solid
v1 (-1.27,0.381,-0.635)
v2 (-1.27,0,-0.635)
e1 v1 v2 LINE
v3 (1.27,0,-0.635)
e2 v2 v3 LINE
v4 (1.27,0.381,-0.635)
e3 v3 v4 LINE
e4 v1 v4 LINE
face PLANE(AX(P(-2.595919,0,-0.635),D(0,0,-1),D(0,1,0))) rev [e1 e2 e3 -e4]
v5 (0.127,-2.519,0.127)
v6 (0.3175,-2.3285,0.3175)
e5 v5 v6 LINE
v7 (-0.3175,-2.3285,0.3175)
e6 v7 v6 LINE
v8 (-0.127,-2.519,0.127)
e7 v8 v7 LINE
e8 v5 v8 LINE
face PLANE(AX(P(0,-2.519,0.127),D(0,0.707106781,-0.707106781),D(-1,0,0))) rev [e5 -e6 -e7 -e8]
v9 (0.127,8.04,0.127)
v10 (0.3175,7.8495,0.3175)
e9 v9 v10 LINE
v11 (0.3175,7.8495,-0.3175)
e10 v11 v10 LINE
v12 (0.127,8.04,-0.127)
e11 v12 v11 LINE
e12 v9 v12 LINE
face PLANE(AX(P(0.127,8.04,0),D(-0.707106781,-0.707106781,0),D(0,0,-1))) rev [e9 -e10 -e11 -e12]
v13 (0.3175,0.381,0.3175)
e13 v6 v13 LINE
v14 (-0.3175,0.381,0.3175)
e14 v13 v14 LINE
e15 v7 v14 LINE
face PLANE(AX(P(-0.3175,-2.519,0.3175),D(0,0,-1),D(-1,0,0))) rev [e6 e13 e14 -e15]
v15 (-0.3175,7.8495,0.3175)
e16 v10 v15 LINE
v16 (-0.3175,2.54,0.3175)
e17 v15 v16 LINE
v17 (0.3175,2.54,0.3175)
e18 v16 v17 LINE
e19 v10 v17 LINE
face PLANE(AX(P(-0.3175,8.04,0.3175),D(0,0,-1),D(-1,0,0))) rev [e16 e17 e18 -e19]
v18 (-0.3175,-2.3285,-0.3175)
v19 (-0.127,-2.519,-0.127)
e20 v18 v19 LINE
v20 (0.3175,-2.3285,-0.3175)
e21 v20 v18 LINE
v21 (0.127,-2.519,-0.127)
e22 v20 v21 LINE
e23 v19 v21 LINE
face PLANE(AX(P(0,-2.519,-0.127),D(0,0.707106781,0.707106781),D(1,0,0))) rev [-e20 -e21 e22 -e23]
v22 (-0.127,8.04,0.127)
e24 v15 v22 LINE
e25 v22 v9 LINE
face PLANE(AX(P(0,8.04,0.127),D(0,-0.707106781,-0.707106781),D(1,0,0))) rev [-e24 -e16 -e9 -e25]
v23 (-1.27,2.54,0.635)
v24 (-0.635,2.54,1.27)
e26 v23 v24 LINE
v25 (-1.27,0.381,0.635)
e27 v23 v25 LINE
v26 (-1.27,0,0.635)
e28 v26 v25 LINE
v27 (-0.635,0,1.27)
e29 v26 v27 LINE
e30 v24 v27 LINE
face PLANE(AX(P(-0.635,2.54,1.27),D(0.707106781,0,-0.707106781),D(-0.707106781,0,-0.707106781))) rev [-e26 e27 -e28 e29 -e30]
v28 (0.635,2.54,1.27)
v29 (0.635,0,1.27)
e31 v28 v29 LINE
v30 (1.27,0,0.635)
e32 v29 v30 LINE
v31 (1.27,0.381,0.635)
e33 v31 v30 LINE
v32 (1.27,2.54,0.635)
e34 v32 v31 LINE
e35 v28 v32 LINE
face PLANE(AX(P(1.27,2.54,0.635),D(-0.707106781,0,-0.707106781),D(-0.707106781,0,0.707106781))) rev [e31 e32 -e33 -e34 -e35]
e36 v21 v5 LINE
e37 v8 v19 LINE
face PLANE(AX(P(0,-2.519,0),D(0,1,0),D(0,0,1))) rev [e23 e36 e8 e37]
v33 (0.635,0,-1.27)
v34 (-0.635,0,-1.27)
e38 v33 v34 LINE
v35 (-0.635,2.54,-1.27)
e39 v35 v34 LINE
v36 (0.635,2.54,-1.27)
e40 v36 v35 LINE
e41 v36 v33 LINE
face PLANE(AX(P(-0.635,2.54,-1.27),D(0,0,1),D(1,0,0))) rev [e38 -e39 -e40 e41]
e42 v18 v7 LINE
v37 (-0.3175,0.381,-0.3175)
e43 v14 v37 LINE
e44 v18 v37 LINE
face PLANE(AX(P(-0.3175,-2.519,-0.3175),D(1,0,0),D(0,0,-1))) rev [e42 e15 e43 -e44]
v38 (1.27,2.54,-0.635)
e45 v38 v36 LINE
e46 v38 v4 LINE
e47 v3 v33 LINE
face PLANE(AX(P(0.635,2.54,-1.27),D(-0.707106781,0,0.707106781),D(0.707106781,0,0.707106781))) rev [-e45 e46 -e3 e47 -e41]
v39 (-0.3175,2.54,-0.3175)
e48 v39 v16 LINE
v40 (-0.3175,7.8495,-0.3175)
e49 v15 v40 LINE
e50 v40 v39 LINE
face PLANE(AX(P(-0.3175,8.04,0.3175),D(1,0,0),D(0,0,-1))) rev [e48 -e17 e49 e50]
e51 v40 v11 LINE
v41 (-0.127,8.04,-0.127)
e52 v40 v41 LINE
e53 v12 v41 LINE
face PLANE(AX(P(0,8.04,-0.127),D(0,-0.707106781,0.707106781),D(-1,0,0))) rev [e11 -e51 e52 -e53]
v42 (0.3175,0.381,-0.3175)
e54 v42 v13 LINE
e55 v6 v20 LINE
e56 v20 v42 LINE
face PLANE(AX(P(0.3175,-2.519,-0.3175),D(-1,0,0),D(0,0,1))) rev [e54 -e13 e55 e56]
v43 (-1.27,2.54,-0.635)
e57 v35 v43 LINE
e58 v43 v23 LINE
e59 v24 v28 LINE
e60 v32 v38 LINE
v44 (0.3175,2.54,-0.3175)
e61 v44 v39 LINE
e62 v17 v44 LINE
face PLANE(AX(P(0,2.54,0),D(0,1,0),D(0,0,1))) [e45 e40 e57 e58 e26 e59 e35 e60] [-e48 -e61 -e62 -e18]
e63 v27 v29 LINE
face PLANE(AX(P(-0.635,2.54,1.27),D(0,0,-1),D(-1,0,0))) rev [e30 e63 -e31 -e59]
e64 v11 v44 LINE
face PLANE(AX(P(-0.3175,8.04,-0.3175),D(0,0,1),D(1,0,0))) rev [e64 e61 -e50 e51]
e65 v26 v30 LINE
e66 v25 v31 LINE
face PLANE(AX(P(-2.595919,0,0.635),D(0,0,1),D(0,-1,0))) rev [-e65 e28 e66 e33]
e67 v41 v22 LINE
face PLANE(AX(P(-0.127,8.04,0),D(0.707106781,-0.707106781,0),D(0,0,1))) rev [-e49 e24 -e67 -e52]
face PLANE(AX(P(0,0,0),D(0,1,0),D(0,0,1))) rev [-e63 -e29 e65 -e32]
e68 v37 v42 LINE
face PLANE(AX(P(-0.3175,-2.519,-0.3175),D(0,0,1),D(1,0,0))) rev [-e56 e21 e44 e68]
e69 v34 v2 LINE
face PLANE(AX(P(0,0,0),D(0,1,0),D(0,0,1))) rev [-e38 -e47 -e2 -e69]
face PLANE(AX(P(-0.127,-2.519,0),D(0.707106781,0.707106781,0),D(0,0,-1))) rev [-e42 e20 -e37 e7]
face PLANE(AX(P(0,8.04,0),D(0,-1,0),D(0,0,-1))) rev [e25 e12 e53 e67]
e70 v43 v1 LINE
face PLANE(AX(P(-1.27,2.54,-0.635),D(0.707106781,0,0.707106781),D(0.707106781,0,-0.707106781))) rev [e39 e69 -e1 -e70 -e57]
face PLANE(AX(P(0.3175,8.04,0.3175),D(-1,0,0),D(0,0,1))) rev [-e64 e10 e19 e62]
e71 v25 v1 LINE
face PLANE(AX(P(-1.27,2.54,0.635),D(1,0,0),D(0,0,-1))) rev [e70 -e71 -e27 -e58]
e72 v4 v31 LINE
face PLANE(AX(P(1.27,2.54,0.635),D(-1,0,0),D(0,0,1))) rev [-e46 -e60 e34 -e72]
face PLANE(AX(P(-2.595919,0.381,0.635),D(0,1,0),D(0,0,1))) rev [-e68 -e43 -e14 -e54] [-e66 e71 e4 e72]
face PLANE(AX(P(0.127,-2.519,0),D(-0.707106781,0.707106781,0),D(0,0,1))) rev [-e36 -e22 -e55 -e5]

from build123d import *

# Parameters (mm, degrees)
BOSS_EXTRUDE1_DEPTH = 2.54
SKETCH2_W           = 1.27
SKETCH2_H           = 0.381
CUT_EXTRUDE1_DEPTH  = 2.54
SKETCH3_W           = 0.635
SKETCH3_H           = 0.635
BOSS_EXTRUDE2_DEPTH = 5.5
CHAMFER1_SIZE       = 0.1905
SKETCH4_W           = 0.635
SKETCH4_H           = 0.635
BOSS_EXTRUDE3_DEPTH = 2.9
CHAMFER2_SIZE       = 0.1905


with BuildPart() as part:
    # Sketch1 → Boss-Extrude1 (new body)
    with BuildSketch(Plane(origin=(0, 0, 0), x_dir=(1, 0, 0), z_dir=(0, 1, 0))):
        Polygon((0.635, 1.27), (1.27, 0.635), (1.27, -0.635), (0.635, -1.27), (-0.635, -1.27), (-1.27, -0.635), (-1.27, 0.635), (-0.635, 1.27), align=None)
    extrude(amount=BOSS_EXTRUDE1_DEPTH)

    # Sketch2 → Cut-Extrude1 (cut)
    with BuildSketch(Plane(origin=(1.27, 0, 0), x_dir=(0, 0, -1), z_dir=(1, 0, 0))):
        with Locations((0, 0.1905)):
            Rectangle(SKETCH2_W, SKETCH2_H)
    extrude(amount=-CUT_EXTRUDE1_DEPTH, mode=Mode.SUBTRACT)

    # Sketch3 → Boss-Extrude2 (add)
    with BuildSketch(Plane(origin=(0, 2.54, 0), x_dir=(1, 0, 0), z_dir=(0, 1, 0))):
        Rectangle(SKETCH3_W, SKETCH3_H)
    extrude(amount=BOSS_EXTRUDE2_DEPTH)

    # Chamfer1
    chamfer1_edges = [part.edges().sort_by_distance(p)[0] for p in [
        (0.3175, 8.04, 0),
        (0, 8.04, -0.3175),
        (-0.3175, 8.04, 0),
        (0, 8.04, 0.3175),
    ]]
    chamfer(chamfer1_edges, length=CHAMFER1_SIZE)

    # Sketch4 → Boss-Extrude3 (add)
    with BuildSketch(Plane.XZ.offset(-0.381)):
        Rectangle(SKETCH4_W, SKETCH4_H)
    extrude(amount=BOSS_EXTRUDE3_DEPTH)

    # Chamfer2
    chamfer2_edges = [part.edges().sort_by_distance(p)[0] for p in [
        (0.3175, -2.519, 0),
        (0, -2.519, 0.3175),
        (-0.3175, -2.519, 0),
        (0, -2.519, -0.3175),
    ]]
    chamfer(chamfer2_edges, length=CHAMFER2_SIZE)


solid = part.part
